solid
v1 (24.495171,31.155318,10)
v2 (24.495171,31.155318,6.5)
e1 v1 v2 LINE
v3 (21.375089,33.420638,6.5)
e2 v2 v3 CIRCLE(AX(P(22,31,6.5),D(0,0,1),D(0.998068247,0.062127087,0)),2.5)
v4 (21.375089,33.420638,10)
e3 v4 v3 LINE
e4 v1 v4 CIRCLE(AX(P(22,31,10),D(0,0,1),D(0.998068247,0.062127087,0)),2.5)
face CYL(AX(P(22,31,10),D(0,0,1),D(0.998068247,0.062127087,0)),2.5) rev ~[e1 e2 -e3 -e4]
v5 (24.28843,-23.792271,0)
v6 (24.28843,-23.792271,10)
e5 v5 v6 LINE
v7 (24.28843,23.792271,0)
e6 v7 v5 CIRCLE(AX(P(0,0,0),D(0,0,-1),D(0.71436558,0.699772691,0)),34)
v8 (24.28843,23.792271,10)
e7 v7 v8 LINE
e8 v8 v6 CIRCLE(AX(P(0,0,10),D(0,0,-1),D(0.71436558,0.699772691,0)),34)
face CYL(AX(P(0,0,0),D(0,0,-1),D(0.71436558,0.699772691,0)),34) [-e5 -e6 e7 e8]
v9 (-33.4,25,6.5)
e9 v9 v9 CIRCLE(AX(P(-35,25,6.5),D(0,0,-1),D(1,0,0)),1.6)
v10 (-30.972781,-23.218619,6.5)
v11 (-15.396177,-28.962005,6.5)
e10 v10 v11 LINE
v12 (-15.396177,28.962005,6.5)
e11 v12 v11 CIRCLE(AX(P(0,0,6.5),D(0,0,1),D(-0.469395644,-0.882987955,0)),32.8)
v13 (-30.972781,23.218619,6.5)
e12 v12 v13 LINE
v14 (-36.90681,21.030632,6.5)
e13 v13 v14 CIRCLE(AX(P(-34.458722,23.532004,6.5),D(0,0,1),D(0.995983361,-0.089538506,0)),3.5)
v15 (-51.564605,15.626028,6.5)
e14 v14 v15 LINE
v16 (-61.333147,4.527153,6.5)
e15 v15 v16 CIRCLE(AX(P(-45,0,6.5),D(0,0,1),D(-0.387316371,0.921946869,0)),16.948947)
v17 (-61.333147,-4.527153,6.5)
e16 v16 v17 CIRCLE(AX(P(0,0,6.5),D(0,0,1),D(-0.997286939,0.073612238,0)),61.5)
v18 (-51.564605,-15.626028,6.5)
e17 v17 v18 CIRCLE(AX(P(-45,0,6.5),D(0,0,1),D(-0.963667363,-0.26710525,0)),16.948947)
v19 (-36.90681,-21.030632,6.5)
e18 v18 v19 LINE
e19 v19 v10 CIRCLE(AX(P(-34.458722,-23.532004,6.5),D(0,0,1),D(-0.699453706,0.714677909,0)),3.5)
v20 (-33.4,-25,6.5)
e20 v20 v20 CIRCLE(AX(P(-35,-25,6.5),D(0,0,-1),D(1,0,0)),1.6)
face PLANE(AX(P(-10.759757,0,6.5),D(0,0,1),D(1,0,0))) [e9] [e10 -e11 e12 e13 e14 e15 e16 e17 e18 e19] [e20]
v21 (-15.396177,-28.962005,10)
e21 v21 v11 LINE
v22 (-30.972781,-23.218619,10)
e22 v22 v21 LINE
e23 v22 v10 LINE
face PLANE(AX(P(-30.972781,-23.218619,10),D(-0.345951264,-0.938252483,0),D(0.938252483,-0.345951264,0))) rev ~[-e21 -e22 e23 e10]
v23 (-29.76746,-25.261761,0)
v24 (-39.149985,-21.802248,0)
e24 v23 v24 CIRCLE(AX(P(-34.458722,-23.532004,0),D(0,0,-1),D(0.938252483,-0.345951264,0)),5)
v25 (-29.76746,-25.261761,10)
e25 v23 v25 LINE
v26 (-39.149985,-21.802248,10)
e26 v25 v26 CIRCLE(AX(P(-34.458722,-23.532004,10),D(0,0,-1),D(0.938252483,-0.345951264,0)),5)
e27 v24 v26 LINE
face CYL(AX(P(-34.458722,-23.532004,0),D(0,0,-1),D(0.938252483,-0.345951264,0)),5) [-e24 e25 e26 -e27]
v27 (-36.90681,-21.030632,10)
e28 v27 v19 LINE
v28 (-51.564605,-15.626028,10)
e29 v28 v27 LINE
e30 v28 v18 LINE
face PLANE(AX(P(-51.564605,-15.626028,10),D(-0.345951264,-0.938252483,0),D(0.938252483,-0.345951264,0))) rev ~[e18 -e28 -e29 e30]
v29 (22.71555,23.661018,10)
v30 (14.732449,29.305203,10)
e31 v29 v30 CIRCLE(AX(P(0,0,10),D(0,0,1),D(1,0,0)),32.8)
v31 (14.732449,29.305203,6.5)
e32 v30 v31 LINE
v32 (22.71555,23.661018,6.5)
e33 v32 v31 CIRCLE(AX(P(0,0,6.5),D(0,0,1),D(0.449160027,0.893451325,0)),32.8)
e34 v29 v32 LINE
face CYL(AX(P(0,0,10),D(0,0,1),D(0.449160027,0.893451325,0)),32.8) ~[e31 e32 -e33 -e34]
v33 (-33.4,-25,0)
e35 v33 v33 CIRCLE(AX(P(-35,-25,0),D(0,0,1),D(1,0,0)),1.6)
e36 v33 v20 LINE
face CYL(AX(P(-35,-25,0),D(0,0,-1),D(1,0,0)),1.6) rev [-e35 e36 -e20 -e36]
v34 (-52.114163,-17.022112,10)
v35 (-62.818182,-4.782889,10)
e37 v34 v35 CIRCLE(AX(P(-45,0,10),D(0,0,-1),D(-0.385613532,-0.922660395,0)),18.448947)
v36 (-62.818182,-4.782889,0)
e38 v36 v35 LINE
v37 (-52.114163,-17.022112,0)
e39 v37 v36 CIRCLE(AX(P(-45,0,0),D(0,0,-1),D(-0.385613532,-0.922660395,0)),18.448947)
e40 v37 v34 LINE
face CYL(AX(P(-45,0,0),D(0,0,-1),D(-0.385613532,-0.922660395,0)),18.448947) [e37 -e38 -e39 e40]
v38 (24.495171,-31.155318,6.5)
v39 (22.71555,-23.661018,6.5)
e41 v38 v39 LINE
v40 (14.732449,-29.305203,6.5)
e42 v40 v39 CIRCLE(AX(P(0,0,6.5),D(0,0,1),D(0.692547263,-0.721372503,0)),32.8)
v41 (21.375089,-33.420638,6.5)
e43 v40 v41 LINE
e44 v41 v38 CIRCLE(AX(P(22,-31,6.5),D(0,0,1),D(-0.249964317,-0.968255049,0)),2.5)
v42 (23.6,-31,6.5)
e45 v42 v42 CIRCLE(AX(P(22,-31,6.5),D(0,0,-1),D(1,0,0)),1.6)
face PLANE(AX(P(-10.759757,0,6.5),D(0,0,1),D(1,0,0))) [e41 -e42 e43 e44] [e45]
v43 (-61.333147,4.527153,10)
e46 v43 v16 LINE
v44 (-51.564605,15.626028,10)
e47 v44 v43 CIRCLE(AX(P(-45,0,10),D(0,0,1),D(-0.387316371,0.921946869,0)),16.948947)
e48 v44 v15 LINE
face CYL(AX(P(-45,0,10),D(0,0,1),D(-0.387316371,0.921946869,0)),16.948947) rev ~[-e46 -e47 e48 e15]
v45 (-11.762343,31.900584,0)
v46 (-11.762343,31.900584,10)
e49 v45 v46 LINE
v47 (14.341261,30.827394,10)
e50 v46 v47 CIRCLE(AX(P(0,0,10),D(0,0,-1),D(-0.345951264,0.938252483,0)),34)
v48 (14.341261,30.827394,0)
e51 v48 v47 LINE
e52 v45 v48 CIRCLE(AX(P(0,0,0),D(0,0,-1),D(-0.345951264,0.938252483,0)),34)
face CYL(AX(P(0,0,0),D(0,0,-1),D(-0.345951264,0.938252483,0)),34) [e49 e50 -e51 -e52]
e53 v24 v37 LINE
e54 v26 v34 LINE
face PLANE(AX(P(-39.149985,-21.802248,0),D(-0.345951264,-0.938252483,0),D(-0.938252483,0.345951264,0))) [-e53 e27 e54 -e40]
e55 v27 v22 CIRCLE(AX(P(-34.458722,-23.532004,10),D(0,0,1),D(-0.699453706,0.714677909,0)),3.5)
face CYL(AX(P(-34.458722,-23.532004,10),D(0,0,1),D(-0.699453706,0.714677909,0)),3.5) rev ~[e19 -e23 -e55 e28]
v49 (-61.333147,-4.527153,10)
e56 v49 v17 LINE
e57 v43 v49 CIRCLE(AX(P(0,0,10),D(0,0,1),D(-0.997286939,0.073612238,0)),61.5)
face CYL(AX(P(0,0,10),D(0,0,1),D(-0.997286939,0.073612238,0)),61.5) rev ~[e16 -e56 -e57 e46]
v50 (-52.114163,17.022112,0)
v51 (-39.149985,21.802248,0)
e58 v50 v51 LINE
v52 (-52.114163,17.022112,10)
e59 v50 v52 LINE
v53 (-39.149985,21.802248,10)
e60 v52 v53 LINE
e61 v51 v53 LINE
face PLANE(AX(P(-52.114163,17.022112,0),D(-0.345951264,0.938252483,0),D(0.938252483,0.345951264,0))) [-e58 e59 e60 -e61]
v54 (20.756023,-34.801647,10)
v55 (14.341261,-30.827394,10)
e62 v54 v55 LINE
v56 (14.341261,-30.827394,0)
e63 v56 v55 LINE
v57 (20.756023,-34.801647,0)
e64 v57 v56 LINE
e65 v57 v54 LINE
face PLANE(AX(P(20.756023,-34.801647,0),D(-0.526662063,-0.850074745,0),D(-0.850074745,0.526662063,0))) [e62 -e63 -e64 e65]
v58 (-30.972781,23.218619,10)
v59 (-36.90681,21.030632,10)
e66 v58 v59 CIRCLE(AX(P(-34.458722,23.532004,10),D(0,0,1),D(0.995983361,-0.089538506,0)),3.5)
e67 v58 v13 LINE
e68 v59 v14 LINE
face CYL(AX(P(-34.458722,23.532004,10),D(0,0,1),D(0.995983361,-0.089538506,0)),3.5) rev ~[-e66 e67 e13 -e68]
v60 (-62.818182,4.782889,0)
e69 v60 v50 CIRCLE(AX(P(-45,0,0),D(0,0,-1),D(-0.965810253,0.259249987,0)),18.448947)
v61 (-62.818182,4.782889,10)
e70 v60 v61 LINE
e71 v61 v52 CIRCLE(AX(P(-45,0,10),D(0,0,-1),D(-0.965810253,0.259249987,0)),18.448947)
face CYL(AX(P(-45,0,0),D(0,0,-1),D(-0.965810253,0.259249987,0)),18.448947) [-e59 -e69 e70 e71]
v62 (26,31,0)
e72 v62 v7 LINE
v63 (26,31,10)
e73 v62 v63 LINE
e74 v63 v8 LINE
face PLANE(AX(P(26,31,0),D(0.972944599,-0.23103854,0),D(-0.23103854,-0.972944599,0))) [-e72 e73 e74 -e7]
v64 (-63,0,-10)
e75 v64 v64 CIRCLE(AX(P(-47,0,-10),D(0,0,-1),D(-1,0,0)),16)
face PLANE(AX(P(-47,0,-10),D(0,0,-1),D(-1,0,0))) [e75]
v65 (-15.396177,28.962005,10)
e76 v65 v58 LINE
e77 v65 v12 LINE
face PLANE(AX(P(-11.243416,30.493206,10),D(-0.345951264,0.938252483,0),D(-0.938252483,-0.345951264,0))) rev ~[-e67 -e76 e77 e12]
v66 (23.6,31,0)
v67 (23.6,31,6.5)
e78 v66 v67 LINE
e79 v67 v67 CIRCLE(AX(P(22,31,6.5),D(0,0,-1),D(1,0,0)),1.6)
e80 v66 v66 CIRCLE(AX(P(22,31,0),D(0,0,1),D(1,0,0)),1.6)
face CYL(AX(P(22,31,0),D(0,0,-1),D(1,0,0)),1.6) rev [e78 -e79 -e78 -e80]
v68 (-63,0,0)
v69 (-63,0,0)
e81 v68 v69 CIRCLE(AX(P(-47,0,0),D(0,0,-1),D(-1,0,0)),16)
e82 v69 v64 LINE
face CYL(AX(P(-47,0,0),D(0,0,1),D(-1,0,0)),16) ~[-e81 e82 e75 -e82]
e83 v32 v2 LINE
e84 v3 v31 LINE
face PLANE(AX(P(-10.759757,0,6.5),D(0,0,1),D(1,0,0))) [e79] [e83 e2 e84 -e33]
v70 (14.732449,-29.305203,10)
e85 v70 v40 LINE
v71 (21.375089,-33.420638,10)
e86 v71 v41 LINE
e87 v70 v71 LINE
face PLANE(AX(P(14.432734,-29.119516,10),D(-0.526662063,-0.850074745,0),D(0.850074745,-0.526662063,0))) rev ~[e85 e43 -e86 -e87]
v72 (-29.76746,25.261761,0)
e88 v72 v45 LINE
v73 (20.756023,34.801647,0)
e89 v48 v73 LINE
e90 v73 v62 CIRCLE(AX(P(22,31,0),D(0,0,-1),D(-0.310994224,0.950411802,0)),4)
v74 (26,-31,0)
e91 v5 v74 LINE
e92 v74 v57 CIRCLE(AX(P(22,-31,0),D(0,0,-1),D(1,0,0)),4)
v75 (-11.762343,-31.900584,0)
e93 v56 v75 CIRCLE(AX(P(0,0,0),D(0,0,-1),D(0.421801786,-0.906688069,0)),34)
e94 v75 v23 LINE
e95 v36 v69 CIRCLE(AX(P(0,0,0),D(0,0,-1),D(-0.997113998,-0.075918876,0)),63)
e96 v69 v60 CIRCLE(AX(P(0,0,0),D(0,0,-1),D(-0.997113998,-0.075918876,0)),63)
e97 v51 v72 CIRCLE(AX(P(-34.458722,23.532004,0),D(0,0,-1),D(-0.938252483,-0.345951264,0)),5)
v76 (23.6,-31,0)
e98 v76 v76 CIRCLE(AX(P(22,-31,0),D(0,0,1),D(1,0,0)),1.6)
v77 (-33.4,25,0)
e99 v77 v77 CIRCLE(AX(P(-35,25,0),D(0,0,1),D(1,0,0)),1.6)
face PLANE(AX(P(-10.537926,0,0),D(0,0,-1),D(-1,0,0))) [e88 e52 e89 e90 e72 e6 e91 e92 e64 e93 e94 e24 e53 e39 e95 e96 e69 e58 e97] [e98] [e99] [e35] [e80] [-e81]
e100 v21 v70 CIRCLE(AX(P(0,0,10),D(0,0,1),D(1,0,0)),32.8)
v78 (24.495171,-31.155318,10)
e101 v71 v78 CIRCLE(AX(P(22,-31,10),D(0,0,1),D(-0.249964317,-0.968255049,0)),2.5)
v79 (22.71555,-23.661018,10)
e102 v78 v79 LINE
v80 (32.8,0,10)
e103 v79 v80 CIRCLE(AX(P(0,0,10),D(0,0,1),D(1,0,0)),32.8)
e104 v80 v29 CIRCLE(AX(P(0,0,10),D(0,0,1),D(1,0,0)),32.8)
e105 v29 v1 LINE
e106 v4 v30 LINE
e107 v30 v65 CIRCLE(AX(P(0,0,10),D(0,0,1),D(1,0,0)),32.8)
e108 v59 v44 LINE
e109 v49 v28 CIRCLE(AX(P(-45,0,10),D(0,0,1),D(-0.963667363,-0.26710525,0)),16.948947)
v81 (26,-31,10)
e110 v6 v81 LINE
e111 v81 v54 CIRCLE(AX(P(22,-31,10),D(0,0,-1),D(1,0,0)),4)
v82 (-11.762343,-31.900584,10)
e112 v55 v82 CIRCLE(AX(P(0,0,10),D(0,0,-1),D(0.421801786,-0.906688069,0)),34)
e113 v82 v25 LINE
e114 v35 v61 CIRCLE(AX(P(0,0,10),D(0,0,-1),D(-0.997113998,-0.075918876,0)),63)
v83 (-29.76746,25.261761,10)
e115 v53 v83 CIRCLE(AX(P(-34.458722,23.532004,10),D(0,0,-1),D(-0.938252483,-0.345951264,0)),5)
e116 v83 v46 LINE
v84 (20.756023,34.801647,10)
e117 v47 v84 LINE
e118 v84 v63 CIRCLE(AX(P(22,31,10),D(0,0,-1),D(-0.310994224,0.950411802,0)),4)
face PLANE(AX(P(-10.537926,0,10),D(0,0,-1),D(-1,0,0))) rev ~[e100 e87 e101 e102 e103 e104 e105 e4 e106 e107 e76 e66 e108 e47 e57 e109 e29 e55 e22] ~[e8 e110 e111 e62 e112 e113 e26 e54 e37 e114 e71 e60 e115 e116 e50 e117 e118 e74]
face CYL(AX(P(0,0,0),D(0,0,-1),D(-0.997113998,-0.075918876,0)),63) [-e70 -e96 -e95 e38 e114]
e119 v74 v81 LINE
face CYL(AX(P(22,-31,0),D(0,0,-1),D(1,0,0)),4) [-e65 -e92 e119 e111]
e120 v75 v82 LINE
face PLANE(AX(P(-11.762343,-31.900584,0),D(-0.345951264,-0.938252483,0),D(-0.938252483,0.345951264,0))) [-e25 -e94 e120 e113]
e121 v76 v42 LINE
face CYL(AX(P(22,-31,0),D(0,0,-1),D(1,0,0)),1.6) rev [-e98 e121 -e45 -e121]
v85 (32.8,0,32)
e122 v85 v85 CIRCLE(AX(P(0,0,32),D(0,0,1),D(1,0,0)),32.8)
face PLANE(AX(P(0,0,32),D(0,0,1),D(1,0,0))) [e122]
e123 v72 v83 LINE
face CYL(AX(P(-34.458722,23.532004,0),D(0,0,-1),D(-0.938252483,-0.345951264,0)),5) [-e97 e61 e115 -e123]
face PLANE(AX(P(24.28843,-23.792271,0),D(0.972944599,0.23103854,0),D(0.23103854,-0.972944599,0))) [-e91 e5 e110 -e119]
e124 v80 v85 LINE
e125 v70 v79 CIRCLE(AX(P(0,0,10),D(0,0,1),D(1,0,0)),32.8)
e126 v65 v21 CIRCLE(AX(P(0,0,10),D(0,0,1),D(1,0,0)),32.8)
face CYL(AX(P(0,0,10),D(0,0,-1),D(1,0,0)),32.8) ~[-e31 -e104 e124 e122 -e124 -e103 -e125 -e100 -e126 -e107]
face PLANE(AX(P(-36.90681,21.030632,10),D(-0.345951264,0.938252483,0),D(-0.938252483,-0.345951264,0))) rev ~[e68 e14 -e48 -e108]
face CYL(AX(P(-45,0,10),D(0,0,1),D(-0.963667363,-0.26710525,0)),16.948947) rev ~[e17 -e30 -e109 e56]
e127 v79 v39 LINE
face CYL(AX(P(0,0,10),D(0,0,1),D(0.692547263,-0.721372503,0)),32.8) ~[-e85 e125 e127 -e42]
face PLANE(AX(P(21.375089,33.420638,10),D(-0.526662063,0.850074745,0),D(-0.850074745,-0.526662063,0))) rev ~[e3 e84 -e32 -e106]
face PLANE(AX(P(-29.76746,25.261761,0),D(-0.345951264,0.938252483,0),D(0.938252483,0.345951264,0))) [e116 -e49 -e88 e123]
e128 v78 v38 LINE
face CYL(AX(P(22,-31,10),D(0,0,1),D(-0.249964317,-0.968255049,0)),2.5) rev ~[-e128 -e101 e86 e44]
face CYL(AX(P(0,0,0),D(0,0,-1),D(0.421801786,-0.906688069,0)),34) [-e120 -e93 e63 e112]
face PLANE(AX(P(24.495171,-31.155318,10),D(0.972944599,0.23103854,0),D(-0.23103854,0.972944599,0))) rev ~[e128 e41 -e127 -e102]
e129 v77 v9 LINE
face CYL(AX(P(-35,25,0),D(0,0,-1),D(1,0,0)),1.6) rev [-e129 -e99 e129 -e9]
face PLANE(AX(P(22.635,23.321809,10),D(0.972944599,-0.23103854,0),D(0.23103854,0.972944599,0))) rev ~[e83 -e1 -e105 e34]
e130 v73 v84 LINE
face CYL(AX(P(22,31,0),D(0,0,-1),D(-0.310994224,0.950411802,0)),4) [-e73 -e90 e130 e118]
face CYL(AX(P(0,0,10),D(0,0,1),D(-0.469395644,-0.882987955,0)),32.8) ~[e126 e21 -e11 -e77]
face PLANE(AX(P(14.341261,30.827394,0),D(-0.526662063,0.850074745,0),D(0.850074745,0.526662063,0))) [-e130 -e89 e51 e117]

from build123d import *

# Parameters (mm, degrees)
ESQUISSE1_R             = 1.6
BOSS_EXTRU_1_DEPTH      = 10
ESQUISSE2_R             = 32.8
BOSS_EXTRU_2_DEPTH      = 22
ENL_V_MAT_EXTRU_1_DEPTH = 3.5
BOSS_EXTRU_3_REACH      = 12
ESQUISSE5_R             = 16
BOSS_EXTRU_4_DEPTH      = 10


with BuildPart() as part:
    # Esquisse1 → Boss.-Extru.1 (new body)
    with BuildSketch(Plane.XY):
        with BuildLine():
            ThreePointArc((-52.114163482, -17.022112424), (-58.887228209, -12.14530881), (-62.818181851, -4.782889184))
            ThreePointArc((-62.818181851, -4.782889184), (-63, 0), (-62.818181851, 4.782889184))
            ThreePointArc((-62.818181851, 4.782889184), (-58.887228209, 12.14530881), (-52.114163482, 17.022112424))
            Line((-52.114163482, 17.022112424), (-39.149984877, 21.802247897))
            ThreePointArc((-39.149984877, 21.802247897), (-36.188478781, 28.223266636), (-29.767460042, 25.26176054))
            Line((-29.767460042, 25.26176054), (-11.762342986, 31.900584438))
            ThreePointArc((-11.762342986, 31.900584438), (1.39665257, 33.97130203), (14.341260705, 30.827394333))
            Line((14.341260705, 30.827394333), (20.756023105, 34.801647207))
            ThreePointArc((20.756023105, 34.801647207), (24.347774736, 34.238511045), (26, 31))
            Line((26, 31), (24.288429708, 23.792271483))
            ThreePointArc((24.288429708, 23.792271483), (34, 0), (24.288429708, -23.792271483))
            Line((24.288429708, -23.792271483), (26, -31))
            ThreePointArc((26, -31), (24.347774736, -34.238511045), (20.756023105, -34.801647207))
            Line((20.756023105, -34.801647207), (14.341260705, -30.827394333))
            ThreePointArc((14.341260705, -30.827394333), (1.39665257, -33.97130203), (-11.762342986, -31.900584438))
            Line((-11.762342986, -31.900584438), (-29.767460042, -25.26176054))
            ThreePointArc((-29.767460042, -25.26176054), (-36.188478781, -28.223266636), (-39.149984877, -21.802247897))
            Line((-39.149984877, -21.802247897), (-52.114163482, -17.022112424))
        make_face()
        with Locations((-35, -25)):
            Circle(ESQUISSE1_R, mode=Mode.SUBTRACT)
        with Locations((22, 31)):
            Circle(ESQUISSE1_R, mode=Mode.SUBTRACT)
        with Locations((-35, 25)):
            Circle(ESQUISSE1_R, mode=Mode.SUBTRACT)
        with Locations((22, -31)):
            Circle(ESQUISSE1_R, mode=Mode.SUBTRACT)
    extrude(amount=BOSS_EXTRU_1_DEPTH)

    # Esquisse2 → Boss.-Extru.2 (add)
    with BuildSketch(Plane.XY.offset(10)):
        Circle(ESQUISSE2_R)
    extrude(amount=BOSS_EXTRU_2_DEPTH)

    # Esquisse3 → Enlèv. mat.-Extru.1 (cut)
    with BuildSketch(Plane.XY.offset(10)):
        with BuildLine():
            Line((-51.564604514, -15.626028317), (-36.906810431, -21.030631539))
            ThreePointArc((-36.906810431, -21.030631539), (-35.669551885, -26.815887911), (-30.972780695, -23.218619448))
            Line((-30.972780695, -23.218619448), (-11.24341609, -30.493205713))
            ThreePointArc((-11.24341609, -30.493205713), (1.736287169, -32.453586965), (14.43273391, -29.119515653))
            Line((14.43273391, -29.119515653), (21.375089208, -33.420637623))
            ThreePointArc((21.375089208, -33.420637623), (23.468804453, -33.02302088), (24.495170617, -31.155317718))
            Line((24.495170617, -31.155317718), (22.63500045, -23.321808563))
            ThreePointArc((22.63500045, -23.321808563), (32.5, 0), (22.63500045, 23.321808563))
            Line((22.63500045, 23.321808563), (24.495170617, 31.155317718))
            ThreePointArc((24.495170617, 31.155317718), (23.468804453, 33.02302088), (21.375089208, 33.420637623))
            Line((21.375089208, 33.420637623), (14.43273391, 29.119515653))
            ThreePointArc((14.43273391, 29.119515653), (1.736287169, 32.453586965), (-11.24341609, 30.493205713))
            Line((-11.24341609, 30.493205713), (-30.972780695, 23.218619448))
            ThreePointArc((-30.972780695, 23.218619448), (-35.669551885, 26.815887911), (-36.906810431, 21.030631539))
            Line((-36.906810431, 21.030631539), (-51.564604514, 15.626028317))
            ThreePointArc((-51.564604514, 15.626028317), (-57.722932582, 11.197936413), (-61.33314674, 4.527152633))
            ThreePointArc((-61.33314674, 4.527152633), (-61.5, 0), (-61.33314674, -4.527152633))
            ThreePointArc((-61.33314674, -4.527152633), (-57.722932582, -11.197936413), (-51.564604514, -15.626028317))
        make_face()
    extrude(amount=-ENL_V_MAT_EXTRU_1_DEPTH, mode=Mode.SUBTRACT)

    # Esquisse4 → Boss.-Extru.3 (add, up to next)
    with BuildSketch(Plane(origin=(0, 0, 10), x_dir=(-1, 0, 0), z_dir=(0, 0, -1)), mode=Mode.PRIVATE) as boss_extru_3_sk1:
        with BuildLine():
            Line((-22.715550233, 23.661018101), (-22.63500045, 23.321808563))
            ThreePointArc((-22.63500045, 23.321808563), (-32.5, 0), (-22.63500045, -23.321808563))
            Line((-22.63500045, -23.321808563), (-22.715550233, -23.661018101))
            ThreePointArc((-22.715550233, -23.661018101), (-18.935479047, -26.78222607), (-14.732448894, -29.305203456))
            Line((-14.732448894, -29.305203456), (-14.43273391, -29.119515653))
            ThreePointArc((-14.43273391, -29.119515653), (-1.736287169, -32.453586965), (11.24341609, -30.493205713))
            Line((11.24341609, -30.493205713), (15.396177122, -28.962004938))
            ThreePointArc((15.396177122, -28.962004938), (32.8, 0), (15.396177122, 28.962004938))
            Line((15.396177122, 28.962004938), (11.24341609, 30.493205713))
            ThreePointArc((11.24341609, 30.493205713), (-1.736287169, 32.453586965), (-14.43273391, 29.119515653))
            Line((-14.43273391, 29.119515653), (-14.732448894, 29.305203456))
            ThreePointArc((-14.732448894, 29.305203456), (-18.935479047, 26.78222607), (-22.715550233, 23.661018101))
        make_face()
    boss_extru_3_tool1 = extrude(boss_extru_3_sk1.sketch, amount=BOSS_EXTRU_3_REACH, mode=Mode.PRIVATE) - part.part
    add(boss_extru_3_tool1.solids().sort_by_distance((-0.139045, 0, 10))[0])

    # Esquisse5 → Boss.-Extru.4 (add)
    with BuildSketch(Plane(origin=(0, 0, 0), x_dir=(-1, 0, 0), z_dir=(0, 0, -1))):
        with Locations((47, 0)):
            Circle(ESQUISSE5_R)
    extrude(amount=BOSS_EXTRU_4_DEPTH)


solid = part.part
